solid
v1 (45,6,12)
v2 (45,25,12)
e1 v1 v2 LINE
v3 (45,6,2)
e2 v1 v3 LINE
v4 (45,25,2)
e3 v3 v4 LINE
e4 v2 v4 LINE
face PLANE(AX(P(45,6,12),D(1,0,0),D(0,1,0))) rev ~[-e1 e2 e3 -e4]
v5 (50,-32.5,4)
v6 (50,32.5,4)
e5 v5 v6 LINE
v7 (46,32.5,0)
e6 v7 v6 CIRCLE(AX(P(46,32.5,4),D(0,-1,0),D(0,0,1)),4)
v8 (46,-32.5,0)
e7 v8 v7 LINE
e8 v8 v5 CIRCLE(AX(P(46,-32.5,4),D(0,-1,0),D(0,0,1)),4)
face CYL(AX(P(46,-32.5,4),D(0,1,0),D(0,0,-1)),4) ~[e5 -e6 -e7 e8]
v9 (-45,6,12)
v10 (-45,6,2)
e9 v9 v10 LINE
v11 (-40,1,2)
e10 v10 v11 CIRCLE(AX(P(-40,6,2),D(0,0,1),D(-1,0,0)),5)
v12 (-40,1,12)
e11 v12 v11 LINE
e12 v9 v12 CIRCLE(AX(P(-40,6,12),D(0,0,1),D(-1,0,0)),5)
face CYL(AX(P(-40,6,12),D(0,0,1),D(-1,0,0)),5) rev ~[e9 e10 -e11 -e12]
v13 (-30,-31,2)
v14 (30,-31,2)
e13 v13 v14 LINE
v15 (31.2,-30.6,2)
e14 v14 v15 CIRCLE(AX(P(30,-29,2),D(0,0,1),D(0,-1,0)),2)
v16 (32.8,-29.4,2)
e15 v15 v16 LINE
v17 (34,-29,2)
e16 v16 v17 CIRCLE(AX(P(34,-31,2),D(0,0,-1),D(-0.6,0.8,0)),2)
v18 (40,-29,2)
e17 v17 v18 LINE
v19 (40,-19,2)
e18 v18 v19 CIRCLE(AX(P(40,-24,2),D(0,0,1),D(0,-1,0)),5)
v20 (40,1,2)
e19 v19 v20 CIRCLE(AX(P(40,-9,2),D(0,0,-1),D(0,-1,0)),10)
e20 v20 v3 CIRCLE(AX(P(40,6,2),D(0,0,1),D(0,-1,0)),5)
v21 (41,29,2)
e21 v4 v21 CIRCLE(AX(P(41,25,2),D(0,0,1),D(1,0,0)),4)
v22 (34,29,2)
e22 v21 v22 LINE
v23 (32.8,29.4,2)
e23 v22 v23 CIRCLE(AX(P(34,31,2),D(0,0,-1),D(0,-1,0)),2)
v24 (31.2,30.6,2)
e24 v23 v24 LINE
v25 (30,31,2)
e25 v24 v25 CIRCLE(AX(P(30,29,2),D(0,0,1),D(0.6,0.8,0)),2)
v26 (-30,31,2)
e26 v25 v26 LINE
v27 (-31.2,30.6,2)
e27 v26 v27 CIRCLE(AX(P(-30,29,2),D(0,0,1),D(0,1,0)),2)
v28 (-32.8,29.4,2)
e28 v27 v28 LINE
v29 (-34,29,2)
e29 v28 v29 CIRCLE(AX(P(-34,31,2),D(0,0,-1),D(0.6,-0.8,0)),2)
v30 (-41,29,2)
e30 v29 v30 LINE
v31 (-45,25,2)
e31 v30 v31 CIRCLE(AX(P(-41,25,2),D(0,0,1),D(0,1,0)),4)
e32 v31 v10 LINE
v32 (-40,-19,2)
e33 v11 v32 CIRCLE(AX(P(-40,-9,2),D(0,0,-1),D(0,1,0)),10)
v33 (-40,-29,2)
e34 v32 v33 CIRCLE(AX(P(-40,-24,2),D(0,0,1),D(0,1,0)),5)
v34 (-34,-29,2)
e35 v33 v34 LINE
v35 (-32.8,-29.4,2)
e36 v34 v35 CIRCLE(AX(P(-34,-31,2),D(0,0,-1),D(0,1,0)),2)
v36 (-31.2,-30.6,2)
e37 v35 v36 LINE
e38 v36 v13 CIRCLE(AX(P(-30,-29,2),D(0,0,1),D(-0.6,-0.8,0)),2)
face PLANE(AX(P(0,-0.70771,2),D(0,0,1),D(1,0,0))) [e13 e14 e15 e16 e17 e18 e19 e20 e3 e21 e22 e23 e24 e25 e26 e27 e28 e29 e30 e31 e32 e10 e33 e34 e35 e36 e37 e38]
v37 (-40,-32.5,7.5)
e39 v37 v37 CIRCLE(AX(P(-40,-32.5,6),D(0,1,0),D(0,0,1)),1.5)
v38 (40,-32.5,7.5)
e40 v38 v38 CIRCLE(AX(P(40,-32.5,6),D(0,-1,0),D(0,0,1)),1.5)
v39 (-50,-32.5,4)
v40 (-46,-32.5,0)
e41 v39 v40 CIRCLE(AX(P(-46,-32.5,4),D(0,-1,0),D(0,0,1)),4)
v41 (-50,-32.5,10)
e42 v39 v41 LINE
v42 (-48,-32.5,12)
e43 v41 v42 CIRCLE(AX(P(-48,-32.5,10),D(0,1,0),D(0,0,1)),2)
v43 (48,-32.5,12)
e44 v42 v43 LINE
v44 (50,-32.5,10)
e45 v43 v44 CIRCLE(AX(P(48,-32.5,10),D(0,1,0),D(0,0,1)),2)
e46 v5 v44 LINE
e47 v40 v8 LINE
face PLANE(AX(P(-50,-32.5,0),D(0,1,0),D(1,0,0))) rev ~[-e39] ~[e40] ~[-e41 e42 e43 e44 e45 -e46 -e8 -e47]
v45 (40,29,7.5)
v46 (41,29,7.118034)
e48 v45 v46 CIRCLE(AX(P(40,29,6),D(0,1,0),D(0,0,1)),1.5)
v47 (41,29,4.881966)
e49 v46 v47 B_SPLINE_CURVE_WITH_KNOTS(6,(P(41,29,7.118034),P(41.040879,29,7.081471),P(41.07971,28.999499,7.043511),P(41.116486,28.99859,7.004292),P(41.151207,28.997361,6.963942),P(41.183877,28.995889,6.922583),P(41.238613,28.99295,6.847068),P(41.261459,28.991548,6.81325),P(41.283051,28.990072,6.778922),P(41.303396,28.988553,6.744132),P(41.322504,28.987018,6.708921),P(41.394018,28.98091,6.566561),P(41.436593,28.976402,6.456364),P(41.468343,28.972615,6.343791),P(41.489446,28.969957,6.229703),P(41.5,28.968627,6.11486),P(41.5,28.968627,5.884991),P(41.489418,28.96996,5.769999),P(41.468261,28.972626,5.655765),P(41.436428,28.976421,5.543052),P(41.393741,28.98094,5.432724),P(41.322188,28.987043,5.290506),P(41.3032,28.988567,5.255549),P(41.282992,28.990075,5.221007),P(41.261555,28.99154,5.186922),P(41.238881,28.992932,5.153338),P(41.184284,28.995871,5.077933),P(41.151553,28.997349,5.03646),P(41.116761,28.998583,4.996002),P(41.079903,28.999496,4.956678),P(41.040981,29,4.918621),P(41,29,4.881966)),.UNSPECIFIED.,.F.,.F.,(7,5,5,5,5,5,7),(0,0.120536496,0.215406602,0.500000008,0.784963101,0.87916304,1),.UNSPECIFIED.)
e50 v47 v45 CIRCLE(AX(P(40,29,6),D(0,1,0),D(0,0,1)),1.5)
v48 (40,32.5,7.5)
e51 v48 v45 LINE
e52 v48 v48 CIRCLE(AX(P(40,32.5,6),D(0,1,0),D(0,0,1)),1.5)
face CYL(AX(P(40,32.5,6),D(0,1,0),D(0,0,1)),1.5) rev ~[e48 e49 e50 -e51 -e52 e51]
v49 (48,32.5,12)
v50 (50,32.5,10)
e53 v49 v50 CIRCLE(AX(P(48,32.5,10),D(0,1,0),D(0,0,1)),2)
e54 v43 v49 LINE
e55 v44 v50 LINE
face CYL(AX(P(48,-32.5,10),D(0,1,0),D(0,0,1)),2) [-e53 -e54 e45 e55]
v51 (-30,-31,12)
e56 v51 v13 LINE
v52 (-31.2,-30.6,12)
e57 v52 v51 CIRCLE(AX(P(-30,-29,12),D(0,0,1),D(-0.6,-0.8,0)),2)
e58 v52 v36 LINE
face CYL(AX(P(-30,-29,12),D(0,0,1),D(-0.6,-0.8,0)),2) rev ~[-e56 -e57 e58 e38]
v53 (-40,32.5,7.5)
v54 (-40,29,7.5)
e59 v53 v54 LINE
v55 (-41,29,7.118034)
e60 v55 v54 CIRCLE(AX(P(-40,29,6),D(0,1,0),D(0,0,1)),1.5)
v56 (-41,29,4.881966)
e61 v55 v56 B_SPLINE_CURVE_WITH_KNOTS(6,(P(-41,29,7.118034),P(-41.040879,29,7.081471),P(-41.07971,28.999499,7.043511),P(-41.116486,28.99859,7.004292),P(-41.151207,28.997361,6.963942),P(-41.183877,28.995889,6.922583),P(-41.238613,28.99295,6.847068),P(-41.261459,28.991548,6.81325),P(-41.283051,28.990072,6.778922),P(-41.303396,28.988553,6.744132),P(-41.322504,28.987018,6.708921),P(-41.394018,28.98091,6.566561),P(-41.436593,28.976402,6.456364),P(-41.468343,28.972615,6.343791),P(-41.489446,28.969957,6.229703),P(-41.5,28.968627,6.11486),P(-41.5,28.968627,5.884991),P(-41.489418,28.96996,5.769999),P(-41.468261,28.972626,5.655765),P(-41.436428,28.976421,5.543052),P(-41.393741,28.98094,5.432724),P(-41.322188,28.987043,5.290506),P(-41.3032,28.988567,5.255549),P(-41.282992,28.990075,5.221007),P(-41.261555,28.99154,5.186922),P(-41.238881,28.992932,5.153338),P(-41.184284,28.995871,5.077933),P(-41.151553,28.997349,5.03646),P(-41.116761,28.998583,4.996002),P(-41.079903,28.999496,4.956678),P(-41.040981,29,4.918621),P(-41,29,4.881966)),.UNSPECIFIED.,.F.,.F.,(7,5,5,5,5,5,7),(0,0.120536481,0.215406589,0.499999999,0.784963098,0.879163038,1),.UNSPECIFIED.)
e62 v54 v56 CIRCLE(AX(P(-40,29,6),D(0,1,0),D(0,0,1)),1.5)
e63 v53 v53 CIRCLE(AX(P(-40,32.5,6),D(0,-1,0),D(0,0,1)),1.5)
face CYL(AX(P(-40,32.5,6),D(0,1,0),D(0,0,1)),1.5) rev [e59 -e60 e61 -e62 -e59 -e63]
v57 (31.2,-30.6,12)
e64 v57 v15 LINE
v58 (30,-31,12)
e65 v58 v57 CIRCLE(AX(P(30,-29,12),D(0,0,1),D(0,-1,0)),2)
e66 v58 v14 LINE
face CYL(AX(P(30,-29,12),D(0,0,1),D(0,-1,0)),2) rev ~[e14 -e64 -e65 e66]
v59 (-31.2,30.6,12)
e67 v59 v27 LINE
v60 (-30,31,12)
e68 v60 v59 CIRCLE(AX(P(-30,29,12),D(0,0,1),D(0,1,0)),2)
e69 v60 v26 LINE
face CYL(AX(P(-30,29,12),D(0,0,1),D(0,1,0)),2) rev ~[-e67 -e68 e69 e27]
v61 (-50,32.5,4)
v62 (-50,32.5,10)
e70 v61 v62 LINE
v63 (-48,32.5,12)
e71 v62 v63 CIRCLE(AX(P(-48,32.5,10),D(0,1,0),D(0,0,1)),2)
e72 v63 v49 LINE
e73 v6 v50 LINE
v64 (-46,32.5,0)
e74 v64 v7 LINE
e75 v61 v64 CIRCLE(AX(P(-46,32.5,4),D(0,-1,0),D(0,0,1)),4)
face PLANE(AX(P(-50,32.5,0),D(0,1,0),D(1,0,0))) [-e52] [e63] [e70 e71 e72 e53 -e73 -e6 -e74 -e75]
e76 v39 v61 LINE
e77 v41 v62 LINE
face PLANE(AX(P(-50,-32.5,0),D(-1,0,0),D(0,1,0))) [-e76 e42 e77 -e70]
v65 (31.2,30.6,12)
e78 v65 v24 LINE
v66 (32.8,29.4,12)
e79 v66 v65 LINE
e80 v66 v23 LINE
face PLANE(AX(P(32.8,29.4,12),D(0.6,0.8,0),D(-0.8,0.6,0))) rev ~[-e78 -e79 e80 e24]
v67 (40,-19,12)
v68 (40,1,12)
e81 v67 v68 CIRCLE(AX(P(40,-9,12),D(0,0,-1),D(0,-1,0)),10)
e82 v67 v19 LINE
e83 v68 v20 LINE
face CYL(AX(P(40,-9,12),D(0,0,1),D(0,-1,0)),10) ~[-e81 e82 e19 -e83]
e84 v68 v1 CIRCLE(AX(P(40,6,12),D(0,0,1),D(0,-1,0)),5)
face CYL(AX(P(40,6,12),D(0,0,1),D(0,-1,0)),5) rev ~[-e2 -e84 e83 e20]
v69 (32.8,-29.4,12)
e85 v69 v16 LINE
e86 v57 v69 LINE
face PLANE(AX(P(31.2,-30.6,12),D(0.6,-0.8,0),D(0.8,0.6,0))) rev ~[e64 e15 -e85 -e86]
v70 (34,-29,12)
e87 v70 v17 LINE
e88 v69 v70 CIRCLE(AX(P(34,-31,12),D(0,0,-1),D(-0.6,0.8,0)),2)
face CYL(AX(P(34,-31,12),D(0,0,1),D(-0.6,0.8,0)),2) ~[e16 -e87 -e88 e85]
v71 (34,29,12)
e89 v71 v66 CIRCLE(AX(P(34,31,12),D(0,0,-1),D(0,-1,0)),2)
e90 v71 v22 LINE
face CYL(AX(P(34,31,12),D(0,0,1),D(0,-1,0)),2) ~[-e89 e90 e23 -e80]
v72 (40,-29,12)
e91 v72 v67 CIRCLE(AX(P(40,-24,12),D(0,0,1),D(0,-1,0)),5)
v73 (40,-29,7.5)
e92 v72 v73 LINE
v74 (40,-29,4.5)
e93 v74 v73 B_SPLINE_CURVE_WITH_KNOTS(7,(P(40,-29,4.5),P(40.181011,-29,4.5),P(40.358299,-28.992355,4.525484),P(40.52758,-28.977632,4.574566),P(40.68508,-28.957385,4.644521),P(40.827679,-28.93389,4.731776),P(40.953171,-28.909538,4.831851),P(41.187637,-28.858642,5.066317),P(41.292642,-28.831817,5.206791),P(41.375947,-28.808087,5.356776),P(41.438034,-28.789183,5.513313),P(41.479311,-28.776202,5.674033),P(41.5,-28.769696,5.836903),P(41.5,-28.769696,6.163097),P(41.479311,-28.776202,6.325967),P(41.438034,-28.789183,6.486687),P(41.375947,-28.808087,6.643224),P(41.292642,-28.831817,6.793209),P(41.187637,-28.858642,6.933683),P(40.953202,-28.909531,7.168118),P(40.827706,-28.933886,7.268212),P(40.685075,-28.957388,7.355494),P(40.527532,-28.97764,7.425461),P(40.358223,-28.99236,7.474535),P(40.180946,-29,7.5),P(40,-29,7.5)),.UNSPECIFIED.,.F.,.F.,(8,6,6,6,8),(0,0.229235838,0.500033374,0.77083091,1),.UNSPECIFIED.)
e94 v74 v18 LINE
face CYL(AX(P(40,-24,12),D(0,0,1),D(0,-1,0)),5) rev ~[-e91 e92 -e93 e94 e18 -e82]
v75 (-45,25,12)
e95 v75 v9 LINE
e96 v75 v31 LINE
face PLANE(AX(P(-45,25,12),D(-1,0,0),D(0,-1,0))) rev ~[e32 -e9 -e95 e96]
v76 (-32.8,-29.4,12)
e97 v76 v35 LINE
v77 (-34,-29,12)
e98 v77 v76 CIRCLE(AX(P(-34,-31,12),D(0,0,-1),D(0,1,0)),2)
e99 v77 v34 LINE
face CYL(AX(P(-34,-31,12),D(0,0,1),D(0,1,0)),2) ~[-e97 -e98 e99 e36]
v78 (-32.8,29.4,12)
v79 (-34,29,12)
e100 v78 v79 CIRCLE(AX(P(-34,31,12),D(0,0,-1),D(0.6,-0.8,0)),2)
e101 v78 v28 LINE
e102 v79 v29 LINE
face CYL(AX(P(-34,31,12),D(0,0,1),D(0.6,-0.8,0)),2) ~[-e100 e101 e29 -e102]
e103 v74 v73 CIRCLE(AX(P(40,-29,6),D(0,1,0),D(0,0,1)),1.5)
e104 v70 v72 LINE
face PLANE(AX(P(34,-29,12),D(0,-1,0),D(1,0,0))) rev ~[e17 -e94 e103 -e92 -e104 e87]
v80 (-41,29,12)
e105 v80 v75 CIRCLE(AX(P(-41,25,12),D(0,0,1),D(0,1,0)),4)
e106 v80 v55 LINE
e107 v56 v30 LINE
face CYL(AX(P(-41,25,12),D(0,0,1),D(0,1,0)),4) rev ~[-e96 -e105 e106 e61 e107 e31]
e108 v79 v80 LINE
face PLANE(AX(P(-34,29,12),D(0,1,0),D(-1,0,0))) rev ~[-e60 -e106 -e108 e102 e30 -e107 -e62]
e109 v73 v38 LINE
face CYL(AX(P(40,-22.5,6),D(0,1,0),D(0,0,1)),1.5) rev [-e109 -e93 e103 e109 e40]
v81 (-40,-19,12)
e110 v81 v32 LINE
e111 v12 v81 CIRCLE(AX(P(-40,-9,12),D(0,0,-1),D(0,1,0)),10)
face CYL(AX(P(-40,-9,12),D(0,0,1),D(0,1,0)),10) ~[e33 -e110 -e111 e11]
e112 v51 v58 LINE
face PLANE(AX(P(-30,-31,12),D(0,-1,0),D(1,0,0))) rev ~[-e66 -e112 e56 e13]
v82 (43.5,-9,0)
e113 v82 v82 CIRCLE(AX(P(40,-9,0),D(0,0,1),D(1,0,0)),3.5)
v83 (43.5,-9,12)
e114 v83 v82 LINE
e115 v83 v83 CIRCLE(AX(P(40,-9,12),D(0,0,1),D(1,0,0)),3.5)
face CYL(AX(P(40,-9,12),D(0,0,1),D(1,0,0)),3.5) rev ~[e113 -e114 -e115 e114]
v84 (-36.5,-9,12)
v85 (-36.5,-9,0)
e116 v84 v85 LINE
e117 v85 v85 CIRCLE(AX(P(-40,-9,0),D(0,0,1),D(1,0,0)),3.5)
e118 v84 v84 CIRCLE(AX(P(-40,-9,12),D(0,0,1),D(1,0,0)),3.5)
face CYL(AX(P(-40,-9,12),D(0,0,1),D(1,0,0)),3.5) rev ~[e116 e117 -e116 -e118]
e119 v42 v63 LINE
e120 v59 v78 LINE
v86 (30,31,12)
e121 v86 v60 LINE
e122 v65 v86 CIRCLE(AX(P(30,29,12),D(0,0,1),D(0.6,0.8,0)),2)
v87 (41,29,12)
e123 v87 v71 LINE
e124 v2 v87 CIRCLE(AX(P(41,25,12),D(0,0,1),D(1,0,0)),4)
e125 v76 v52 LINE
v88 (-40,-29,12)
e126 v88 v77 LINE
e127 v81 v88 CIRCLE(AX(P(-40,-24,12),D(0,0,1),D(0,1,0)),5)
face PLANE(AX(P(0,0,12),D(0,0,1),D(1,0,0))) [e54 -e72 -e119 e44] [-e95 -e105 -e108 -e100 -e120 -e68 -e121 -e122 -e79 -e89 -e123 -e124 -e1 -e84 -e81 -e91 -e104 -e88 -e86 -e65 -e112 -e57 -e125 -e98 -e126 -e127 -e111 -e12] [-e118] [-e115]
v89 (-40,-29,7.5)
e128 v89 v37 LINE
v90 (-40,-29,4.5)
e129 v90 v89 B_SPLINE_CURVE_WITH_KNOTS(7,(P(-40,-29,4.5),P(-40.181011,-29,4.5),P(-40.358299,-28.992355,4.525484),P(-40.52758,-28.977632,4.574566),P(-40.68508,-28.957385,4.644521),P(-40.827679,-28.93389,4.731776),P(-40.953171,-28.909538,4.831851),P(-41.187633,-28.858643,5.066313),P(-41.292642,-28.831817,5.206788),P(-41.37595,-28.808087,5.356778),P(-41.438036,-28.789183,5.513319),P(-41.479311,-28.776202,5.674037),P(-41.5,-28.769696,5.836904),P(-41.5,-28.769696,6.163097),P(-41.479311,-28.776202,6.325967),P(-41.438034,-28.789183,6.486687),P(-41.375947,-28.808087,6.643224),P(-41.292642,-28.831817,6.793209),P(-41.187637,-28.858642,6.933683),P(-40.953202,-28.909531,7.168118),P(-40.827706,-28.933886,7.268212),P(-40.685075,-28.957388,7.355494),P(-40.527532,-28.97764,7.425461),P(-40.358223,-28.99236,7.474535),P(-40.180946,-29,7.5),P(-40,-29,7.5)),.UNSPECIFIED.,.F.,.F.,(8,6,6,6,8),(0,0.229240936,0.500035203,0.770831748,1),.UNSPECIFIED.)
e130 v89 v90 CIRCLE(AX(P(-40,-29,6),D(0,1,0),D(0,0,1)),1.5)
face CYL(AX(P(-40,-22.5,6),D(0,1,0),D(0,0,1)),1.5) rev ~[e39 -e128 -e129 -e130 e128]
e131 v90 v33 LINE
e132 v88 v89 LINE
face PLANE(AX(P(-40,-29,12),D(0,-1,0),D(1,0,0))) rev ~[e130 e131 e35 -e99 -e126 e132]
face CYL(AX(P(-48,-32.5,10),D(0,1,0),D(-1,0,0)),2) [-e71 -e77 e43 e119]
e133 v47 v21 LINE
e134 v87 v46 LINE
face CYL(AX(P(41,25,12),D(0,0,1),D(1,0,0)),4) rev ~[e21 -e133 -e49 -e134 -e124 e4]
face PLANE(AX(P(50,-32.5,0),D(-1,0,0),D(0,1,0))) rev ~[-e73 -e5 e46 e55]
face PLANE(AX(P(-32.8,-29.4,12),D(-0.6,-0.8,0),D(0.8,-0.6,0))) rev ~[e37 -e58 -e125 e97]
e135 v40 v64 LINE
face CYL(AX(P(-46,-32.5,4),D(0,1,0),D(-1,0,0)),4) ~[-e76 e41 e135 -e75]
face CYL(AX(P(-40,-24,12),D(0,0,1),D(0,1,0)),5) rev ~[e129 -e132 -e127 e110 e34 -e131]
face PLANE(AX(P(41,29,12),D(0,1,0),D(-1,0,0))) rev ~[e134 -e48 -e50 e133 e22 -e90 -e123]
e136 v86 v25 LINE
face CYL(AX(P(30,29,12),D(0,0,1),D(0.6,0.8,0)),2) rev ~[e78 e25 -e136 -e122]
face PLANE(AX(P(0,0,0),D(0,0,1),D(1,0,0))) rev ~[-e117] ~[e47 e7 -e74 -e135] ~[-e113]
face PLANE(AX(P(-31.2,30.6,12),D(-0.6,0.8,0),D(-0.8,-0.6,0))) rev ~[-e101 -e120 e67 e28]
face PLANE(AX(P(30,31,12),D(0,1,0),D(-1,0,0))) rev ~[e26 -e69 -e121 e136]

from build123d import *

# Parameters (mm, degrees)
SKETCH_1_W          = 100
SKETCH_1_H          = 65
EXTRUDE_1_DEPTH     = 12
CUT_EXTRUDE_1_DEPTH = 10
SKETCH_2_3_R        = 3.5
CUT_EXTRUDE_2_DEPTH = 61.829680256
SKETCH_3_R          = 1.5
CUT_EXTRUDE_3_DEPTH = 10
CUT_EXTRUDE_START   = -10
SKETCH_4_R          = 1.5
CUT_EXTRUDE_4_DEPTH = 10
FILLET_2_R          = 4
FILLET_3_R          = 2


with BuildPart() as part:
    # 草图1 → 凸台-拉伸1 (new body)
    with BuildSketch(Plane.XY):
        Rectangle(SKETCH_1_W, SKETCH_1_H)
    extrude(amount=EXTRUDE_1_DEPTH)

    # 草图2 → 切除-拉伸1 (cut)
    with BuildSketch(Plane.XY.offset(12)):
        with BuildLine():
            Line((30, 31), (-30, 31))
            ThreePointArc((-30, 31), (-30.632455532, 30.897366596), (-31.2, 30.6))
            Line((-31.2, 30.6), (-32.8, 29.4))
            ThreePointArc((-32.8, 29.4), (-33.367544468, 29.102633404), (-34, 29))
            Line((-34, 29), (-41, 29))
            ThreePointArc((-41, 29), (-43.828427125, 27.828427125), (-45, 25))
            Line((-45, 25), (-45, 6))
            ThreePointArc((-45, 6), (-43.535533906, 2.464466094), (-40, 1))
            ThreePointArc((-40, 1), (-30, -9), (-40, -19))
            ThreePointArc((-40, -19), (-45, -24), (-40, -29))
            Line((-40, -29), (-34, -29))
            ThreePointArc((-34, -29), (-33.367544468, -29.102633404), (-32.8, -29.4))
            Line((-32.8, -29.4), (-31.2, -30.6))
            ThreePointArc((-31.2, -30.6), (-30.632455532, -30.897366596), (-30, -31))
            Line((-30, -31), (30, -31))
            ThreePointArc((30, -31), (30.632455532, -30.897366596), (31.2, -30.6))
            Line((31.2, -30.6), (32.8, -29.4))
            ThreePointArc((32.8, -29.4), (33.367544468, -29.102633404), (34, -29))
            Line((34, -29), (40, -29))
            ThreePointArc((40, -29), (45, -24), (40, -19))
            ThreePointArc((40, -19), (30, -9), (40, 1))
            ThreePointArc((40, 1), (43.535533906, 2.464466094), (45, 6))
            Line((45, 6), (45, 25))
            ThreePointArc((45, 25), (43.828427125, 27.828427125), (41, 29))
            Line((41, 29), (34, 29))
            ThreePointArc((34, 29), (33.367544468, 29.102633404), (32.8, 29.4))
            Line((32.8, 29.4), (31.2, 30.6))
            ThreePointArc((31.2, 30.6), (30.632455532, 30.897366596), (30, 31))
        make_face()
    extrude(amount=-CUT_EXTRUDE_1_DEPTH, mode=Mode.SUBTRACT)

    # 草图2<3> → 切除-拉伸2 (cut, through all)
    with BuildSketch(Plane.XY.offset(12)):
        with Locations((40, -9)):
            Circle(SKETCH_2_3_R)
        with Locations((-40, -9)):
            Circle(SKETCH_2_3_R)
    extrude(amount=-CUT_EXTRUDE_2_DEPTH, mode=Mode.SUBTRACT)

    # 草图3 → 切除-拉伸3 (cut)
    with BuildSketch(Plane(origin=(0, 32.5, 0), x_dir=(1, 0, 0), z_dir=(0, 1, 0))):
        with Locations(Location((40, -6, 0), (0, 0, 270))):
            Circle(SKETCH_3_R)
    cut_extrude_3 = extrude(amount=-CUT_EXTRUDE_3_DEPTH, mode=Mode.SUBTRACT)

    # 草图4 → 切除-拉伸4 (cut)
    with BuildSketch(Plane.XZ.offset(32.5).offset(CUT_EXTRUDE_START)):
        with Locations(Location((40, 6, 0), (0, 0, 90))):
            Circle(SKETCH_4_R)
    cut_extrude_4 = extrude(amount=CUT_EXTRUDE_4_DEPTH, mode=Mode.SUBTRACT)

    # 镜向1: 切除-拉伸3, 切除-拉伸4 across plane
    add(cut_extrude_3.mirror(Plane(origin=(0, 0, 0), x_dir=(0, 0, 1), z_dir=(1, 0, 0))), mode=Mode.SUBTRACT)
    add(cut_extrude_4.mirror(Plane(origin=(0, 0, 0), x_dir=(0, 0, 1), z_dir=(1, 0, 0))), mode=Mode.SUBTRACT)

    # 圆角2
    fillet_2_edges = [part.edges().sort_by_distance(p)[0] for p in [
        (-50, 0, 0),
        (50, 0, 0),
    ]]
    fillet(fillet_2_edges, radius=FILLET_2_R)

    # 圆角3
    fillet_3_edges = [part.edges().sort_by_distance(p)[0] for p in [
        (-50, 0, 12),
        (50, 0, 12),
    ]]
    fillet(fillet_3_edges, radius=FILLET_3_R)


solid = part.part
